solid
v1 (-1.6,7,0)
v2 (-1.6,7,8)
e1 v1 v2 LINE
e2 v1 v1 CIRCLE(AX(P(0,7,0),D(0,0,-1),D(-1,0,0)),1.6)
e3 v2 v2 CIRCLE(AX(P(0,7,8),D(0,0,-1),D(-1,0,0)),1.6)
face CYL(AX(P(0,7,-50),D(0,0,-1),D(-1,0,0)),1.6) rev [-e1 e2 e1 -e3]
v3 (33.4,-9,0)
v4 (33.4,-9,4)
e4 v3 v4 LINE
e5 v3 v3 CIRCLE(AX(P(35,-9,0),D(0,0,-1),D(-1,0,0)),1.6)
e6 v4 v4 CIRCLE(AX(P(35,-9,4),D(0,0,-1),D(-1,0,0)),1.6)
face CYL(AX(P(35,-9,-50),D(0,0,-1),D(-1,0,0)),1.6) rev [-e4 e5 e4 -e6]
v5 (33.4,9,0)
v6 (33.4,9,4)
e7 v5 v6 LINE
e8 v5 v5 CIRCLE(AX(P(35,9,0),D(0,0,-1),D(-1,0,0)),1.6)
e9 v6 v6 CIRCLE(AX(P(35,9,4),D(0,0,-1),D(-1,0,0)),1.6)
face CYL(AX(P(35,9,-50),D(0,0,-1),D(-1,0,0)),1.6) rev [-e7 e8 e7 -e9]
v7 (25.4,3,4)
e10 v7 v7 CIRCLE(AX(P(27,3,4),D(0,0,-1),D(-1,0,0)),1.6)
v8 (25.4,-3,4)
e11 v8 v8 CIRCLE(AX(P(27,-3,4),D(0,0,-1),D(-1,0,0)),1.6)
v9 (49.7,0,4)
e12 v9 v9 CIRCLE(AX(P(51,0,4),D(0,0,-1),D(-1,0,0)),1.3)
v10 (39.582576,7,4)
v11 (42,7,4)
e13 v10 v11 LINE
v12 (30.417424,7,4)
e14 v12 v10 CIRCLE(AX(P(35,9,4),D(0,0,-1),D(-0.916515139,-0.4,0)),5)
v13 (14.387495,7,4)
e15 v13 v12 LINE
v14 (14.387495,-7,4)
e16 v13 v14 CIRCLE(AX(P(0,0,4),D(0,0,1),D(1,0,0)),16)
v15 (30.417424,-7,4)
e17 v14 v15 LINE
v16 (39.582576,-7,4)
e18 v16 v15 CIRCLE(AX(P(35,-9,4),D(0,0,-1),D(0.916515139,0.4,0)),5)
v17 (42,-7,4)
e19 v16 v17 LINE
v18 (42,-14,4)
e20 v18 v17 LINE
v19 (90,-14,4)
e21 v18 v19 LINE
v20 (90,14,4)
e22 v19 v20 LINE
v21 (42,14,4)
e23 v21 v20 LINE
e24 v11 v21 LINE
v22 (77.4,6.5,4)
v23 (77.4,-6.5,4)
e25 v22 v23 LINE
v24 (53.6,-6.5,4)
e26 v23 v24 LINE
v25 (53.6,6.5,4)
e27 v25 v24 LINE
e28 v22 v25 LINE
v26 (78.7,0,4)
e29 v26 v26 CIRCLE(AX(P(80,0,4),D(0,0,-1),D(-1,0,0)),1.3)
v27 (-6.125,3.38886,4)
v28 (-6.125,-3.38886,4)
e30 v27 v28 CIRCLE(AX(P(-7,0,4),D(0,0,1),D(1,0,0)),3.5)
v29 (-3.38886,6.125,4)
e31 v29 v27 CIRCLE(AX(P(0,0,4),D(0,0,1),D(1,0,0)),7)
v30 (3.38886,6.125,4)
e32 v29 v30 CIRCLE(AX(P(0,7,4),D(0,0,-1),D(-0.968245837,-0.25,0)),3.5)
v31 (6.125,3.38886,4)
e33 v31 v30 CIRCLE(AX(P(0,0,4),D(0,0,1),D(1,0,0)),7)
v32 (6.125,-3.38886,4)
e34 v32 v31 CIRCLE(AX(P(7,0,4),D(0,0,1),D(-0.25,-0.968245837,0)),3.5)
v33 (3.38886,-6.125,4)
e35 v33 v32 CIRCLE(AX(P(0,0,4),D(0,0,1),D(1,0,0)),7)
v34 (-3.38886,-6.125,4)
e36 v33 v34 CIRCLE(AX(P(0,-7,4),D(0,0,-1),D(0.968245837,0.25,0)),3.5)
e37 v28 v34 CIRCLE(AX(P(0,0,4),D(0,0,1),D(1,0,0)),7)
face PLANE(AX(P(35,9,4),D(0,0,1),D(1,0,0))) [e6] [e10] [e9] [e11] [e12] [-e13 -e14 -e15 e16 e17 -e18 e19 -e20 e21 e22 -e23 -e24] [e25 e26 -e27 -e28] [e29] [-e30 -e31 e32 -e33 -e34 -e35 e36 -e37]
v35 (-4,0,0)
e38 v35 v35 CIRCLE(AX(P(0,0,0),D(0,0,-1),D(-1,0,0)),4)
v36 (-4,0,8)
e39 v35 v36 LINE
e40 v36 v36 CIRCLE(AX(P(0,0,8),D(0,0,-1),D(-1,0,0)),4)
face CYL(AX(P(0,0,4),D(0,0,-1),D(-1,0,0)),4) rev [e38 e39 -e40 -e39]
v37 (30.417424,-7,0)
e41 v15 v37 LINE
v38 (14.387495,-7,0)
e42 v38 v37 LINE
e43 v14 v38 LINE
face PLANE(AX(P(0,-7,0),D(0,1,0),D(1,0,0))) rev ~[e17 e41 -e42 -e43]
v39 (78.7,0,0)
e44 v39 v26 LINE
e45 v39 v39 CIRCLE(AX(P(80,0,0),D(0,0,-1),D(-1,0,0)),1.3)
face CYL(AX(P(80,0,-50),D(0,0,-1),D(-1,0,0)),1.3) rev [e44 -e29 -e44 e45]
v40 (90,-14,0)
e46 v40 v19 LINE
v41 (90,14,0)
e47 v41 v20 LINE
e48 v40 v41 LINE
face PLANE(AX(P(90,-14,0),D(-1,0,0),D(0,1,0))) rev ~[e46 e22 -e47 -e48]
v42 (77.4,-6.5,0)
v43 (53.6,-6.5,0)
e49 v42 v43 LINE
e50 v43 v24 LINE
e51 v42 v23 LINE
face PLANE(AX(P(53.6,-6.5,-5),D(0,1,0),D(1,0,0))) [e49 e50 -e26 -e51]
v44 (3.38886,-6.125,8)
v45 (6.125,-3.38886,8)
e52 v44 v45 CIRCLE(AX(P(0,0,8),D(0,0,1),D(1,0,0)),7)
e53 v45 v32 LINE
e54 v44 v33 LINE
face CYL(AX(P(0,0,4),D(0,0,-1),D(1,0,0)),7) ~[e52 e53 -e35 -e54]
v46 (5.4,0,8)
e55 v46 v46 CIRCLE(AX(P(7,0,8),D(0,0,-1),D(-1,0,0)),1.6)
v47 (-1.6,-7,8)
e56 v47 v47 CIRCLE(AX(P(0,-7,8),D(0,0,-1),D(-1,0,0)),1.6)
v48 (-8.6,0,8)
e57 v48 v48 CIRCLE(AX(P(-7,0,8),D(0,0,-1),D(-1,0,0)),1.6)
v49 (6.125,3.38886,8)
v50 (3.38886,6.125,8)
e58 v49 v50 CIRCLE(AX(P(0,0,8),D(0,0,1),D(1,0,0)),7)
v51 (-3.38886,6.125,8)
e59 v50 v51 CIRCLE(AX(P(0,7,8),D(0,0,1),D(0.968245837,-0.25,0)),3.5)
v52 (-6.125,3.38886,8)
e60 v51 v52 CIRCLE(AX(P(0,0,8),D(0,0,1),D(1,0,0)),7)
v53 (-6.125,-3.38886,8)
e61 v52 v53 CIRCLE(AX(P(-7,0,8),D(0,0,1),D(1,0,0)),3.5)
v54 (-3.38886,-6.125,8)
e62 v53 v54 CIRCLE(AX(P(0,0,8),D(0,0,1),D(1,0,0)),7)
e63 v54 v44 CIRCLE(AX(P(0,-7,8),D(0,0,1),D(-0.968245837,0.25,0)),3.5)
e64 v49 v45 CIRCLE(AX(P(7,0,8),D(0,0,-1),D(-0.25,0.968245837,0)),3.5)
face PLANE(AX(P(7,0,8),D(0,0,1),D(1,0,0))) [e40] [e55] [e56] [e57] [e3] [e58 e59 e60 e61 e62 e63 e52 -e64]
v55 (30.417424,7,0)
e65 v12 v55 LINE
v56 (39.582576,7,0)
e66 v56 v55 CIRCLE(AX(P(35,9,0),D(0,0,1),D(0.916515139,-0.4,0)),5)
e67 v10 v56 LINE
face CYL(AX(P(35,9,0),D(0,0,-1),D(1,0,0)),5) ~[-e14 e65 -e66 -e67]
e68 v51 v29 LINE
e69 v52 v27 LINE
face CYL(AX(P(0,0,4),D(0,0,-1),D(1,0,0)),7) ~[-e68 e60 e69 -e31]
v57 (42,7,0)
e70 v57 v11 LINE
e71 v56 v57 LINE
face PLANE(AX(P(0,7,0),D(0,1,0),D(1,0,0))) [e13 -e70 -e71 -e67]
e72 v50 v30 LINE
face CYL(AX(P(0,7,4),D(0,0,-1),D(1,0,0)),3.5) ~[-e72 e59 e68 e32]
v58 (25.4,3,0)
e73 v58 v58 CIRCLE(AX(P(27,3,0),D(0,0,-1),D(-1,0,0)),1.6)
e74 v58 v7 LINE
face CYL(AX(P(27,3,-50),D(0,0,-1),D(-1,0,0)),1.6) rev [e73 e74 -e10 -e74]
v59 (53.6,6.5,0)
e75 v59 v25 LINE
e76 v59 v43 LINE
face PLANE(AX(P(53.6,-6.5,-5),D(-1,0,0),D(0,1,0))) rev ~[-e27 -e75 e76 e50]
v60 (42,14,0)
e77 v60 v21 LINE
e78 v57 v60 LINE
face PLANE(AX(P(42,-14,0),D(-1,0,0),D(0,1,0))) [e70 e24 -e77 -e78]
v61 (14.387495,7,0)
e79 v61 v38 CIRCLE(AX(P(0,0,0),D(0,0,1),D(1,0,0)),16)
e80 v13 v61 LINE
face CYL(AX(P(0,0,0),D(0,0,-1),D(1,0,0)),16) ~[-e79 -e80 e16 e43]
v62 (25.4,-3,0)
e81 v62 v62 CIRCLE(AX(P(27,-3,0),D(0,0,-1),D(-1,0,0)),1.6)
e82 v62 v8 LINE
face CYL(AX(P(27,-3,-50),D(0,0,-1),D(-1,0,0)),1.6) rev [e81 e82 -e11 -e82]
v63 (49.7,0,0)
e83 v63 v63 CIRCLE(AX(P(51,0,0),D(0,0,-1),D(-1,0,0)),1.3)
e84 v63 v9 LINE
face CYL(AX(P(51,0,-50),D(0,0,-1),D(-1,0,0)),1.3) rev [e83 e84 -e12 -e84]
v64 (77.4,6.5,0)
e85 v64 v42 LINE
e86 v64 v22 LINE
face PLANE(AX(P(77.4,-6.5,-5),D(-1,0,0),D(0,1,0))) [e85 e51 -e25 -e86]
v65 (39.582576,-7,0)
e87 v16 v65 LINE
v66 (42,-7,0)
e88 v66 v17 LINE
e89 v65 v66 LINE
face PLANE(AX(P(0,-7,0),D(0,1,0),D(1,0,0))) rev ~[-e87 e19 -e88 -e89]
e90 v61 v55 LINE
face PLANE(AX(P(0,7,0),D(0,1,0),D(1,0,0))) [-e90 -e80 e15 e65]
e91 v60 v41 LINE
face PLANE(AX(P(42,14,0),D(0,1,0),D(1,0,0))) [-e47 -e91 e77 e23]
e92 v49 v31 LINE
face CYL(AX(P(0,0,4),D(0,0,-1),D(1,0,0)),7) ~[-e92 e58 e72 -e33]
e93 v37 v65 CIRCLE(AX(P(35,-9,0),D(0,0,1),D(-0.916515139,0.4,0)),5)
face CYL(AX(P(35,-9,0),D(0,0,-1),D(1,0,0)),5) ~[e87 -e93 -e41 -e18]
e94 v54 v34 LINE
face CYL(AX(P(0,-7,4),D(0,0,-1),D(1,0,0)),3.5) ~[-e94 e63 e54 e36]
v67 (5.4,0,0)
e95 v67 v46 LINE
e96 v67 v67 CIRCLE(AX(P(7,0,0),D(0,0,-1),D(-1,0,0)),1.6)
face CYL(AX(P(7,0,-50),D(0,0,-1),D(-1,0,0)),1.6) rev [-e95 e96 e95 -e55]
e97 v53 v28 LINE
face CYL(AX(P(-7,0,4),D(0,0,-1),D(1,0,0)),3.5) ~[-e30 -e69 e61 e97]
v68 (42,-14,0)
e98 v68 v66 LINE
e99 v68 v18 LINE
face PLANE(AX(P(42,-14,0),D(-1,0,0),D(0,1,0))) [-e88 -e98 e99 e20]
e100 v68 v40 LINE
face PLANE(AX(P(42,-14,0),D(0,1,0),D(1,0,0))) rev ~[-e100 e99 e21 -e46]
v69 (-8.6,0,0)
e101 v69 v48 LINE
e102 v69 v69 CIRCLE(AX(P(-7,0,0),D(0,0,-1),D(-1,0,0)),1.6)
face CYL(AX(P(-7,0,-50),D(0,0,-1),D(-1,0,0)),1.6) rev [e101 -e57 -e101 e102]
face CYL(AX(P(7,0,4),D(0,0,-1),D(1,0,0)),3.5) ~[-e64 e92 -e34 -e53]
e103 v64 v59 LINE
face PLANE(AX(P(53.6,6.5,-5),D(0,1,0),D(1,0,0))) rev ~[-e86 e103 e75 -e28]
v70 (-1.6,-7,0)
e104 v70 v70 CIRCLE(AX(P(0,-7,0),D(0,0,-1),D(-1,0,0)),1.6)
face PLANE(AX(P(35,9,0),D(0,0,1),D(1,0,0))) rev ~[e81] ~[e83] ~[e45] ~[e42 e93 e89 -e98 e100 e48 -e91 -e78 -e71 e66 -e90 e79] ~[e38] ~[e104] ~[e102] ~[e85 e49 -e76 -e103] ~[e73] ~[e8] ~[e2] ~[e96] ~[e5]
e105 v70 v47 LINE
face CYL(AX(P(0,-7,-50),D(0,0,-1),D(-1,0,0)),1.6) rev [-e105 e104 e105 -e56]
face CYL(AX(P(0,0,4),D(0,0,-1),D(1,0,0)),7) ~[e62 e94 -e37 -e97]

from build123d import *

# Parameters (mm, degrees)
MAIN_WEB_PROFILE_W                      = 60
MAIN_WEB_PROFILE_H                      = 14
MAIN_WEB_DEPTH                          = 4
SHOULDER_HORN_FLANGE_PROFILE_R          = 16
SHOULDER_HORN_FLANGE_DEPTH              = 4
ELBOW_SERVO_MOUNT_PROFILE_W             = 48
ELBOW_SERVO_MOUNT_PROFILE_H             = 28
ELBOW_SERVO_MOUNT_DEPTH                 = 4
SG90_BODY_CLEARANCE_START               = -5
SG90_BODY_CLEARANCE_PROFILE_W           = 23.8
SG90_BODY_CLEARANCE_PROFILE_H           = 13
SG90_BODY_CLEARANCE_DEPTH               = 97.49863387
ELBOW_TAB_FASTENERS_START               = -50
ELBOW_TAB_FASTENERS_PROFILE_R           = 1.3
ELBOW_TAB_FASTENERS_DEPTH               = 142.49863387
SHOULDER_CENTER_SCREW_ACCESS_START      = -50
SHOULDER_CENTER_SCREW_ACCESS_PROFILE_R  = 4
SHOULDER_CENTER_SCREW_ACCESS_DEPTH      = 142.49863387
CABLE_TIE_HOLES_START                   = -50
CABLE_TIE_HOLES_PROFILE_R               = 1.6
CABLE_TIE_HOLES_DEPTH                   = 142.49863387
PASSIVE_LOWER_MOUNT_BOSS_PROFILE_R      = 5
PASSIVE_LOWER_MOUNT_BOSS_DEPTH          = 4
PASSIVE_UPPER_MOUNT_BOSS_PROFILE_R      = 5
PASSIVE_UPPER_MOUNT_BOSS_DEPTH          = 4
PASSIVE_CHEEK_STANDOFFS_START           = -50
PASSIVE_CHEEK_STANDOFFS_PROFILE_R       = 1.6
PASSIVE_CHEEK_STANDOFFS_DEPTH           = 142.49863387
SHOULDER_DOWEL_SUPPORT_HUB_START        = 4
SHOULDER_DOWEL_SUPPORT_HUB_PROFILE_R    = 7
SHOULDER_DOWEL_SUPPORT_HUB_PROFILE_R_2  = 4
SHOULDER_DOWEL_SUPPORT_HUB_DEPTH        = 4
RAISED_M3_WASHER_SEATS_HEIGHT8_START    = 4
RAISED_M3_WASHER_SEATS_PCD14_PROFILE_R  = 3.5
RAISED_M3_WASHER_SEATS_HEIGHT8_DEPTH    = 4
METAL_HORN_M3_CLEARANCE_PCD14_START     = -50
METAL_HORN_M3_CLEARANCE_PCD14_PROFILE_R = 1.6
METAL_HORN_M3_CLEARANCE_PCD14_DEPTH     = 142.760557976
RESTORE_SHOULDER_SLEEVE_BORE_START      = -50
RESTORE_SHOULDER_SLEEVE_BORE_PROFILE_R  = 4
RESTORE_SHOULDER_SLEEVE_BORE_DEPTH      = 142.760557976


with BuildPart() as part:
    # Main_web_profile → Main_web (new body)
    with BuildSketch(Plane.XY):
        with Locations((30, 0)):
            Rectangle(MAIN_WEB_PROFILE_W, MAIN_WEB_PROFILE_H)
    extrude(amount=MAIN_WEB_DEPTH)

    # Shoulder_horn_flange_profile → Shoulder_horn_flange (add)
    with BuildSketch(Plane.XY):
        Circle(SHOULDER_HORN_FLANGE_PROFILE_R)
    extrude(amount=SHOULDER_HORN_FLANGE_DEPTH)

    # Elbow_servo_mount_profile → Elbow_servo_mount (add)
    with BuildSketch(Plane.XY):
        with Locations((66, 0)):
            Rectangle(ELBOW_SERVO_MOUNT_PROFILE_W, ELBOW_SERVO_MOUNT_PROFILE_H)
    extrude(amount=ELBOW_SERVO_MOUNT_DEPTH)

    # SG90_body_clearance_profile → SG90_body_clearance (cut, through all)
    with BuildSketch(Plane.XY.offset(SG90_BODY_CLEARANCE_START)):
        with Locations((65.5, 0)):
            Rectangle(SG90_BODY_CLEARANCE_PROFILE_W, SG90_BODY_CLEARANCE_PROFILE_H)
    extrude(amount=SG90_BODY_CLEARANCE_DEPTH, mode=Mode.SUBTRACT)

    # Elbow_tab_fasteners_profile → Elbow_tab_fasteners (cut, through all)
    with BuildSketch(Plane.XY.offset(ELBOW_TAB_FASTENERS_START)):
        with Locations(Location((51, 0, 0), (0, 0, 180))):
            Circle(ELBOW_TAB_FASTENERS_PROFILE_R)
        with Locations(Location((80, 0, 0), (0, 0, 180))):
            Circle(ELBOW_TAB_FASTENERS_PROFILE_R)
    extrude(amount=ELBOW_TAB_FASTENERS_DEPTH, mode=Mode.SUBTRACT)

    # Shoulder_center_screw_access_profile → Shoulder_center_screw_access (cut, through all)
    with BuildSketch(Plane.XY.offset(SHOULDER_CENTER_SCREW_ACCESS_START)):
        with Locations(Location((0, 0, 0), (0, 0, 180))):
            Circle(SHOULDER_CENTER_SCREW_ACCESS_PROFILE_R)
    extrude(amount=SHOULDER_CENTER_SCREW_ACCESS_DEPTH, mode=Mode.SUBTRACT)

    # Cable_tie_holes_profile → Cable_tie_holes (cut, through all)
    with BuildSketch(Plane.XY.offset(CABLE_TIE_HOLES_START)):
        with Locations(Location((27, -3, 0), (0, 0, 180))):
            Circle(CABLE_TIE_HOLES_PROFILE_R)
        with Locations(Location((27, 3, 0), (0, 0, 180))):
            Circle(CABLE_TIE_HOLES_PROFILE_R)
    extrude(amount=CABLE_TIE_HOLES_DEPTH, mode=Mode.SUBTRACT)

    # Passive_lower_mount_boss_profile → Passive_lower_mount_boss (add)
    with BuildSketch(Plane.XY):
        with Locations((35, -9)):
            Circle(PASSIVE_LOWER_MOUNT_BOSS_PROFILE_R)
    extrude(amount=PASSIVE_LOWER_MOUNT_BOSS_DEPTH)

    # Passive_upper_mount_boss_profile → Passive_upper_mount_boss (add)
    with BuildSketch(Plane.XY):
        with Locations((35, 9)):
            Circle(PASSIVE_UPPER_MOUNT_BOSS_PROFILE_R)
    extrude(amount=PASSIVE_UPPER_MOUNT_BOSS_DEPTH)

    # Passive_cheek_standoffs_profile → Passive_cheek_standoffs (cut, through all)
    with BuildSketch(Plane.XY.offset(PASSIVE_CHEEK_STANDOFFS_START)):
        with Locations(Location((35, -9, 0), (0, 0, 180))):
            Circle(PASSIVE_CHEEK_STANDOFFS_PROFILE_R)
        with Locations(Location((35, 9, 0), (0, 0, 180))):
            Circle(PASSIVE_CHEEK_STANDOFFS_PROFILE_R)
    extrude(amount=PASSIVE_CHEEK_STANDOFFS_DEPTH, mode=Mode.SUBTRACT)

    # Shoulder_dowel_support_hub_profile → Shoulder_dowel_support_hub (add)
    with BuildSketch(Plane.XY.offset(SHOULDER_DOWEL_SUPPORT_HUB_START)):
        Circle(SHOULDER_DOWEL_SUPPORT_HUB_PROFILE_R)
        with Locations(Location((0, 0, 0), (0, 0, 180))):
            Circle(SHOULDER_DOWEL_SUPPORT_HUB_PROFILE_R_2, mode=Mode.SUBTRACT)
    extrude(amount=SHOULDER_DOWEL_SUPPORT_HUB_DEPTH)

    # Raised_M3_washer_seats_PCD14_profile → Raised_M3_washer_seats_height8 (add)
    with BuildSketch(Plane.XY.offset(RAISED_M3_WASHER_SEATS_HEIGHT8_START)):
        with Locations((7, 0)):
            Circle(RAISED_M3_WASHER_SEATS_PCD14_PROFILE_R)
        with Locations((-7, 0)):
            Circle(RAISED_M3_WASHER_SEATS_PCD14_PROFILE_R)
        with Locations((0, 7)):
            Circle(RAISED_M3_WASHER_SEATS_PCD14_PROFILE_R)
        with Locations((0, -7)):
            Circle(RAISED_M3_WASHER_SEATS_PCD14_PROFILE_R)
    extrude(amount=RAISED_M3_WASHER_SEATS_HEIGHT8_DEPTH)

    # Metal_horn_M3_clearance_PCD14_profile → Metal_horn_M3_clearance_PCD14 (cut, through all)
    with BuildSketch(Plane.XY.offset(METAL_HORN_M3_CLEARANCE_PCD14_START)):
        with Locations(Location((7, 0, 0), (0, 0, 180))):
            Circle(METAL_HORN_M3_CLEARANCE_PCD14_PROFILE_R)
        with Locations(Location((-7, 0, 0), (0, 0, 180))):
            Circle(METAL_HORN_M3_CLEARANCE_PCD14_PROFILE_R)
        with Locations(Location((0, 7, 0), (0, 0, 180))):
            Circle(METAL_HORN_M3_CLEARANCE_PCD14_PROFILE_R)
        with Locations(Location((0, -7, 0), (0, 0, 180))):
            Circle(METAL_HORN_M3_CLEARANCE_PCD14_PROFILE_R)
    extrude(amount=METAL_HORN_M3_CLEARANCE_PCD14_DEPTH, mode=Mode.SUBTRACT)

    # Restore_shoulder_sleeve_bore_profile → Restore_shoulder_sleeve_bore (cut, through all)
    with BuildSketch(Plane.XY.offset(RESTORE_SHOULDER_SLEEVE_BORE_START)):
        with Locations(Location((0, 0, 0), (0, 0, 180))):
            Circle(RESTORE_SHOULDER_SLEEVE_BORE_PROFILE_R)
    extrude(amount=RESTORE_SHOULDER_SLEEVE_BORE_DEPTH, mode=Mode.SUBTRACT)


solid = part.part
